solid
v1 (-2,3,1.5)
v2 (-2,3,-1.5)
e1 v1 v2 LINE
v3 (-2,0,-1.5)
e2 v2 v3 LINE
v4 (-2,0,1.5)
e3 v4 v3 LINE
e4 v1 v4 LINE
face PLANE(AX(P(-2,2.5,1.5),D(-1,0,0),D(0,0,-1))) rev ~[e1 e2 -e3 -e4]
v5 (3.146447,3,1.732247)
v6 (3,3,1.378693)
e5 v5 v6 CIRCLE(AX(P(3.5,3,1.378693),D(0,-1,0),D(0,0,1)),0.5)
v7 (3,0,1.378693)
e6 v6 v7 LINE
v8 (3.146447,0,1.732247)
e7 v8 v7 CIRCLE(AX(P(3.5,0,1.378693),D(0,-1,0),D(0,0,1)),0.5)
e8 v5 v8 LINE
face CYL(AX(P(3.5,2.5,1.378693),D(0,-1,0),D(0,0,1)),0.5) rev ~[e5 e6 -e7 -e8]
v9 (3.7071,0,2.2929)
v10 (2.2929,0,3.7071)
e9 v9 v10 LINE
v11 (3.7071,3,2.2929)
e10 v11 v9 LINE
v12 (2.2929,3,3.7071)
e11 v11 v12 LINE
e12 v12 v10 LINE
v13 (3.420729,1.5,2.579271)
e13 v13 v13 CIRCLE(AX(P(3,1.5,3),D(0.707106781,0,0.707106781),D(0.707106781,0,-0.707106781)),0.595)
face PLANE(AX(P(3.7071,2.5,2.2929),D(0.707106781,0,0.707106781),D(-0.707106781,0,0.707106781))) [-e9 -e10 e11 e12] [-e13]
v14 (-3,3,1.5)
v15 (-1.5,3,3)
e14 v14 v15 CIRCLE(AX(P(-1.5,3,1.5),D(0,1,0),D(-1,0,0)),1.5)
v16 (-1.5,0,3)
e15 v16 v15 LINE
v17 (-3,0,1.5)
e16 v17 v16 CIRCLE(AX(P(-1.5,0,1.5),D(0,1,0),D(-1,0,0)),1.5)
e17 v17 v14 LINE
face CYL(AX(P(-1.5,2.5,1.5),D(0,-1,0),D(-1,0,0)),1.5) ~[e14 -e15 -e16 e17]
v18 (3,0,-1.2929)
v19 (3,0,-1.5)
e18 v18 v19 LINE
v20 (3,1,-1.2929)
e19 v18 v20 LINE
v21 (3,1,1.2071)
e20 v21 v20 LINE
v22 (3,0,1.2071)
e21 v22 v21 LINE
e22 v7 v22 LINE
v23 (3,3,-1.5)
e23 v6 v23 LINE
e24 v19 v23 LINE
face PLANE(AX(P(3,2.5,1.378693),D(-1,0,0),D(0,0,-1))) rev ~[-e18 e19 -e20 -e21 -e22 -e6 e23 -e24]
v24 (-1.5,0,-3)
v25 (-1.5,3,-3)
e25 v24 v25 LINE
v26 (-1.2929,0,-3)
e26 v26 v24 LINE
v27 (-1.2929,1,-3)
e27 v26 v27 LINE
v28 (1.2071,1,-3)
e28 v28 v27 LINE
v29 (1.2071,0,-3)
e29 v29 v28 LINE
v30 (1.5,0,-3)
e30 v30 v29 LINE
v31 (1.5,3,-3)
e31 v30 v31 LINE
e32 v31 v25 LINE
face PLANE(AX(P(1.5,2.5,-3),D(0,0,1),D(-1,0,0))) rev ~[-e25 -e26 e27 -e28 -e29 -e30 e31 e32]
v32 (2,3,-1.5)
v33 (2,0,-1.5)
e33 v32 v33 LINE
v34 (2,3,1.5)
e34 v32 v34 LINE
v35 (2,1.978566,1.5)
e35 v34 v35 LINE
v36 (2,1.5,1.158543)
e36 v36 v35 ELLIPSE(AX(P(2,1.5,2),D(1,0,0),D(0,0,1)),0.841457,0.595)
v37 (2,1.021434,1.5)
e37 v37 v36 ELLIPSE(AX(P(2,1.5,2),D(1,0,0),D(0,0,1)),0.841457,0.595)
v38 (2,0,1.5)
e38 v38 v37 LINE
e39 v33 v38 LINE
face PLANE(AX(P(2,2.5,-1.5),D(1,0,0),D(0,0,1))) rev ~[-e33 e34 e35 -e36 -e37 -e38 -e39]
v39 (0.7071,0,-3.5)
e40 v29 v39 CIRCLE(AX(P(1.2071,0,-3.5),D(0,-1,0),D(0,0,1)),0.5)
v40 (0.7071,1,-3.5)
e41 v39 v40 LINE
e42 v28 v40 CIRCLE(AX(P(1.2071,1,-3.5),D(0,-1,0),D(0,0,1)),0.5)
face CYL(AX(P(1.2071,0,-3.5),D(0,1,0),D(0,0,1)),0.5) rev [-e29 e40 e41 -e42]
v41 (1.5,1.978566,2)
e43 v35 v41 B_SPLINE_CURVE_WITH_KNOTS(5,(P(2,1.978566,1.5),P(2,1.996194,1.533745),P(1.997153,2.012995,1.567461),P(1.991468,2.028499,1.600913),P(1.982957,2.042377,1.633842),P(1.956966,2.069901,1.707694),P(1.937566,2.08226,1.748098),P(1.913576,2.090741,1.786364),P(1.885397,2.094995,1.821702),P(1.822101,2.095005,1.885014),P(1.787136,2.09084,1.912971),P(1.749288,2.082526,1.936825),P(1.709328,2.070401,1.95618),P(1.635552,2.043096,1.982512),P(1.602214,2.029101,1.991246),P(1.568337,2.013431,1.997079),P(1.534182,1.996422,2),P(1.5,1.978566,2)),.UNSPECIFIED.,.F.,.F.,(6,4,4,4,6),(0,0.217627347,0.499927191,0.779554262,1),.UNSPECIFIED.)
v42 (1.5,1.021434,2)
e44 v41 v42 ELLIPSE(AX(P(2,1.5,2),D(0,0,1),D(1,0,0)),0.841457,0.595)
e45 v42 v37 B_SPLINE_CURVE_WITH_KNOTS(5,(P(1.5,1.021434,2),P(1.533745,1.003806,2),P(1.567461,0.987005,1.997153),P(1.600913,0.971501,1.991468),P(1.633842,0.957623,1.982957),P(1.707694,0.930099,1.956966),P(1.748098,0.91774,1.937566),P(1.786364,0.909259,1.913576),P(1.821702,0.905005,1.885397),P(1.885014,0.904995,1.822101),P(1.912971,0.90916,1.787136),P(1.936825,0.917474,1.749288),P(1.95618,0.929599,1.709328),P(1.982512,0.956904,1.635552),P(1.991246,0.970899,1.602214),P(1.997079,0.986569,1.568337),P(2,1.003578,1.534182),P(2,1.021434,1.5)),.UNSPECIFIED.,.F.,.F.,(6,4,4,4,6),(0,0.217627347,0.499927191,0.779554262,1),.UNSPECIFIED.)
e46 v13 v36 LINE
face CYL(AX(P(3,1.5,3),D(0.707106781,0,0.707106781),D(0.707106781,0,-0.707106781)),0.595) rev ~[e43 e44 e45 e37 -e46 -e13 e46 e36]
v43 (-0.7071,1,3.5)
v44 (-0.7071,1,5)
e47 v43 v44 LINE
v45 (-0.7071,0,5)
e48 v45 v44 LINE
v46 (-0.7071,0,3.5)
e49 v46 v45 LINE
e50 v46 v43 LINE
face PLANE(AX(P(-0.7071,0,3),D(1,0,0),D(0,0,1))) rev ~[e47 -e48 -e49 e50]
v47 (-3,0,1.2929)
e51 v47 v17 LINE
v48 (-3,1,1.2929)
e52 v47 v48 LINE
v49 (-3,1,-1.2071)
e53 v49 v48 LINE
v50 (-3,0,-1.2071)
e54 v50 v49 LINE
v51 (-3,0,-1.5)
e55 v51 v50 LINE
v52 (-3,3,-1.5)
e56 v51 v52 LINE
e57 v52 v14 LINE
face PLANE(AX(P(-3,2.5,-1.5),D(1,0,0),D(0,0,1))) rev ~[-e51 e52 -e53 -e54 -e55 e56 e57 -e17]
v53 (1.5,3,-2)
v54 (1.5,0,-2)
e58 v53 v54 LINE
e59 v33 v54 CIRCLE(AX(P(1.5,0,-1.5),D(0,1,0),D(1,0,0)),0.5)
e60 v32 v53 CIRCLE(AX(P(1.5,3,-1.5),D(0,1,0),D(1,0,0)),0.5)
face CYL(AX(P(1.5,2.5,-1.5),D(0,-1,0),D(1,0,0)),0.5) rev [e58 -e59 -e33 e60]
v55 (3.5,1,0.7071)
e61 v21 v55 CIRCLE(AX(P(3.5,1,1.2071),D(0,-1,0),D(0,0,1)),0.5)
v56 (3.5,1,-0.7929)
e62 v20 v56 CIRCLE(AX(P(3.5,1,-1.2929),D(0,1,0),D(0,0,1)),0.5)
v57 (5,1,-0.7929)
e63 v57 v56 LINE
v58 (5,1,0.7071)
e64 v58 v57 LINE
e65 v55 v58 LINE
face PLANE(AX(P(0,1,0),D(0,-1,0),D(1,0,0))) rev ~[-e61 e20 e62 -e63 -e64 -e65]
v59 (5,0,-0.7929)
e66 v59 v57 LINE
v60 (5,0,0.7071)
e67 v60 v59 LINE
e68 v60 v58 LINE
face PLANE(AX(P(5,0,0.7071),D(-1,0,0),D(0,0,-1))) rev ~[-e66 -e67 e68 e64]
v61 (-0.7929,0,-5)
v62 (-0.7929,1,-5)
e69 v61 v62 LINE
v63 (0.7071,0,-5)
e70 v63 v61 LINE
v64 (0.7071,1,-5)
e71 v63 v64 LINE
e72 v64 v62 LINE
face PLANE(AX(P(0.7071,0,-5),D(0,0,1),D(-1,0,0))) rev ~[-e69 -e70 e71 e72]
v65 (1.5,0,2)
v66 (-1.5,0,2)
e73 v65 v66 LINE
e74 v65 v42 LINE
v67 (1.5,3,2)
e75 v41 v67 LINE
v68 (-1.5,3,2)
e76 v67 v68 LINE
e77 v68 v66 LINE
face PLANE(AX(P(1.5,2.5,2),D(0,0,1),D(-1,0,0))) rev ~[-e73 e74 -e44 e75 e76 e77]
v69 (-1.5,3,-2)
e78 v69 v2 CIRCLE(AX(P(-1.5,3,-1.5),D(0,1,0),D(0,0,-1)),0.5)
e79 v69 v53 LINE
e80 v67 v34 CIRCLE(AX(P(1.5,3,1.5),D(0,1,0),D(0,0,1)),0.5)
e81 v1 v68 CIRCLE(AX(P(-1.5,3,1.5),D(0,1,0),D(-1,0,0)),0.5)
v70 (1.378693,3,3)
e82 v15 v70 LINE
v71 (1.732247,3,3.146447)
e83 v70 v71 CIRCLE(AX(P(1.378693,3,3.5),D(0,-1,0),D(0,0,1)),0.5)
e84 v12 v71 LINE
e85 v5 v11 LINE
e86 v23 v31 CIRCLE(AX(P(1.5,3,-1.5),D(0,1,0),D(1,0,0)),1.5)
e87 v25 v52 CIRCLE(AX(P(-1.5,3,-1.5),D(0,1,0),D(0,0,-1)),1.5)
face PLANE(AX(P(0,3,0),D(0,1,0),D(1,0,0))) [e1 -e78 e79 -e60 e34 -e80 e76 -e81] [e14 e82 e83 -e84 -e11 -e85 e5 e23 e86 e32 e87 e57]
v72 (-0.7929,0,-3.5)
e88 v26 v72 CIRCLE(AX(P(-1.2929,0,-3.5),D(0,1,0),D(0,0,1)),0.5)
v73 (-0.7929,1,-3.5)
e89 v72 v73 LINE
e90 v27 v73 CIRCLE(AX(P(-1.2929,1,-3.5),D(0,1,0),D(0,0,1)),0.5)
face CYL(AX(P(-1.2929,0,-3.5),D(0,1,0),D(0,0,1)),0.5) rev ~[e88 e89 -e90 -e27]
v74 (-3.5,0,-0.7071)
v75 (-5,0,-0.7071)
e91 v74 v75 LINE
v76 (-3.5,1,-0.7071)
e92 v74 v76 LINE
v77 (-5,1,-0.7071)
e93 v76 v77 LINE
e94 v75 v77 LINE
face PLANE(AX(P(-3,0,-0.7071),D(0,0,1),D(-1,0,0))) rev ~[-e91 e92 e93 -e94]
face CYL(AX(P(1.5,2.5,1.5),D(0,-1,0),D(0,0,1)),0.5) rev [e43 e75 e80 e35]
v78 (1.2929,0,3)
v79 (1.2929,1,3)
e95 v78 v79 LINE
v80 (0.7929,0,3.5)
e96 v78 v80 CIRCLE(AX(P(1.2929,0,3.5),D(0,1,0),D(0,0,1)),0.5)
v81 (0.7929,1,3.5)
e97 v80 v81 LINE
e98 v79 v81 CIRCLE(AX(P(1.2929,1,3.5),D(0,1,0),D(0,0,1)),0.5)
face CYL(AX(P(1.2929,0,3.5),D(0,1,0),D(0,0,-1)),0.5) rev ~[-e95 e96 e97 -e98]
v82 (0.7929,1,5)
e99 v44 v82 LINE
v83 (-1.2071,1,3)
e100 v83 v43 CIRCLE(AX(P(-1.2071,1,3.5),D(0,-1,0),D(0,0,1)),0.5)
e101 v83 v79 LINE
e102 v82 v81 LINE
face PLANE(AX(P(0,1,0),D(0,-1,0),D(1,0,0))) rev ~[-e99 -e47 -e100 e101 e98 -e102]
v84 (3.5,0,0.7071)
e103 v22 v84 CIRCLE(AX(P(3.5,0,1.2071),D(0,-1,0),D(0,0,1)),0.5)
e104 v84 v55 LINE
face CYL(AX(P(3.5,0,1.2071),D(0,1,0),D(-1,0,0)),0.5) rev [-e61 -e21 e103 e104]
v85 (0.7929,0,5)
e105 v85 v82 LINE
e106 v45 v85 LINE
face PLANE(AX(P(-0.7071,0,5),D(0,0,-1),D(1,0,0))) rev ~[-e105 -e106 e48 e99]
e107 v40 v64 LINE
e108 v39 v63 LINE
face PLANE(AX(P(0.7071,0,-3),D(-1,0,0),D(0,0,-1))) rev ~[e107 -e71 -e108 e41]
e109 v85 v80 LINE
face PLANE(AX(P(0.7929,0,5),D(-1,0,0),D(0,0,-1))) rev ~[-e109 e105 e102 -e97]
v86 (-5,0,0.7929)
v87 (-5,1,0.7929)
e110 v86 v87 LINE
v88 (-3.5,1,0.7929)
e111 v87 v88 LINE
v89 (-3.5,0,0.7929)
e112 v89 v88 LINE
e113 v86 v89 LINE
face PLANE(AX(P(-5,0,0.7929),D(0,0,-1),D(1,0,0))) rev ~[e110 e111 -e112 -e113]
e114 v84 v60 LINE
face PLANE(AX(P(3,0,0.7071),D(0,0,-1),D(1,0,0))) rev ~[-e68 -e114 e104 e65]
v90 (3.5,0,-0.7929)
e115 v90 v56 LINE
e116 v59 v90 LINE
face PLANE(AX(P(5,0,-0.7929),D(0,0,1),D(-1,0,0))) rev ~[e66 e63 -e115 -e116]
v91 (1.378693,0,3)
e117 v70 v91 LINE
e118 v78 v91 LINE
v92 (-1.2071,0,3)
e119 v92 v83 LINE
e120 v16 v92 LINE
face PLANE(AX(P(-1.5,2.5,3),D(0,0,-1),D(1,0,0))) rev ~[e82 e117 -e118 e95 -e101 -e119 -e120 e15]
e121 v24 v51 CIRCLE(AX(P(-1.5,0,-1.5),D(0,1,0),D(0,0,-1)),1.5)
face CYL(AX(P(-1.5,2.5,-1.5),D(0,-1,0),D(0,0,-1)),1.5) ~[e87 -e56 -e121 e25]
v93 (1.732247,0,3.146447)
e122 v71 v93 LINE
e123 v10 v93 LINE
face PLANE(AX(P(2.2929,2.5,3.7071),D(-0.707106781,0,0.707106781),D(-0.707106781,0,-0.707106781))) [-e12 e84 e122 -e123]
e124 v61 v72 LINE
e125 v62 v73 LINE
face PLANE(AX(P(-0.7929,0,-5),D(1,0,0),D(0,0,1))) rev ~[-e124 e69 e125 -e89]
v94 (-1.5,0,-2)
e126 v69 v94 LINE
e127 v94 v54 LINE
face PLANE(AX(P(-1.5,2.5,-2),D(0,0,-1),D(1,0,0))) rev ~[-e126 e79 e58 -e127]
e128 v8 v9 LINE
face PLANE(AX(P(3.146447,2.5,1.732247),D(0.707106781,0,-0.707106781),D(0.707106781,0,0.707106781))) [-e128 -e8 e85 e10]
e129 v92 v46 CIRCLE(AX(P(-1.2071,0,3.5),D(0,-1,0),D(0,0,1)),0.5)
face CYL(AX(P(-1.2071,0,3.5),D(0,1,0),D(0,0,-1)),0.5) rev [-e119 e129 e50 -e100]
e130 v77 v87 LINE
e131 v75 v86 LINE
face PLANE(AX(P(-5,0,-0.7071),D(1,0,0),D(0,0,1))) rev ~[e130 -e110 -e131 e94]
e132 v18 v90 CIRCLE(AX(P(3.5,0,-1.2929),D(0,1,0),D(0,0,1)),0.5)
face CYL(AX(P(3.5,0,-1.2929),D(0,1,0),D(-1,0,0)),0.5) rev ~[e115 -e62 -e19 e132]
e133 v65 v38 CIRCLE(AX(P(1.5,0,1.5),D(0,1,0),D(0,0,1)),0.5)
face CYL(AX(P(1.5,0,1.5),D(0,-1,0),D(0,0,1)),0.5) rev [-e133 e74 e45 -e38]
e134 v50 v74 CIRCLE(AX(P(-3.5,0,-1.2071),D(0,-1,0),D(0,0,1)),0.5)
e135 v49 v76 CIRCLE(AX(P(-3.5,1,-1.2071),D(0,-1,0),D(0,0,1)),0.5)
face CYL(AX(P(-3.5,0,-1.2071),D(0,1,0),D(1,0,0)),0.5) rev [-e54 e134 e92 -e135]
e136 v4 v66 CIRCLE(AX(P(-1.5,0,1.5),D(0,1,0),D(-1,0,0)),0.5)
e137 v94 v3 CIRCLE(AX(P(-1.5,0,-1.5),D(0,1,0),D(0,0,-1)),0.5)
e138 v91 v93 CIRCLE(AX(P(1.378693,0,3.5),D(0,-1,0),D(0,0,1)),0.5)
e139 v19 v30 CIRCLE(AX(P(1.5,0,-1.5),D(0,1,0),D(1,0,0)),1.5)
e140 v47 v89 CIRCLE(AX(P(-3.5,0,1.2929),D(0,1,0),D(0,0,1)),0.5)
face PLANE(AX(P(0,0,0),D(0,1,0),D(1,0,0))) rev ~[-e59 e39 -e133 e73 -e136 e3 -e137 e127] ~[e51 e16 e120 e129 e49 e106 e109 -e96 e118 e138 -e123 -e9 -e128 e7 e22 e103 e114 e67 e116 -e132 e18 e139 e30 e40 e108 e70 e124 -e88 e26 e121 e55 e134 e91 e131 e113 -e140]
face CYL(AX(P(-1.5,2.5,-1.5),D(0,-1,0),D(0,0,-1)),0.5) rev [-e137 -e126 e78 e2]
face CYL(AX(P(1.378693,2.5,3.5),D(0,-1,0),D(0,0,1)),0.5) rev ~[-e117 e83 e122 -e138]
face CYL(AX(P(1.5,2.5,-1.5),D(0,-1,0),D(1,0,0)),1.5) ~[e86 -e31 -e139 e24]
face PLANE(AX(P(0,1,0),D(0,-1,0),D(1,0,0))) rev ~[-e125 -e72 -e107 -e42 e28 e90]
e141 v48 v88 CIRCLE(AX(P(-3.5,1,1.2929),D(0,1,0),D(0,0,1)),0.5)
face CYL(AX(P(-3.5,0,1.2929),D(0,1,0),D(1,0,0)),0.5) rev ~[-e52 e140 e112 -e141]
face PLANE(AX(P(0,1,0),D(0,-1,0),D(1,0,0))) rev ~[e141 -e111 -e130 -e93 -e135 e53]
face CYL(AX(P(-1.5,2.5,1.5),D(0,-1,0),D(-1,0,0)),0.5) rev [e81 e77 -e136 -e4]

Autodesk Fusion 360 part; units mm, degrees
sketch "Sketch1" plane through (0, 0, 0) normal (0, 1, 0) x (1, 0, 0)
  line L0 (1.5, -2) -> (-1.5, -2)
  line L1 (-2, -1.5) -> (-2, 1.5)
  line L2 (-1.5, 2) -> (1.5, 2)
  line L3 (2, 1.5) -> (2, -1.5)
  line L4 (2, -2) -> (-2, 2) construction
  line L5 (-2, -2) -> (2, 2) construction
  line L6 (-1.5, -3) -> (1.5858, -3)
  line L7 (3, -1.5858) -> (3, 1.5)
  line L8 (1.5, 3) -> (-1.5, 3)
  line L9 (-3, 1.5) -> (-3, -1.5)
  line L10 (-3, -3) -> (3, 3) construction
  line L11 (3, -3) -> (-2.9939, 2.9939) construction
  arc A0 (-1.5, 2) -> (-2, 1.5) centre (-1.5, 1.5) ccw
  arc A1 (-2, -1.5) -> (-1.5, -2) centre (-1.5, -1.5) ccw
  arc A2 (1.5, -2) -> (2, -1.5) centre (1.5, -1.5) ccw
  arc A3 (2, 1.5) -> (1.5, 2) centre (1.5, 1.5) ccw
  arc A4 (-1.5, 3) -> (-3, 1.5) centre (-1.5, 1.5) ccw
  arc A5 (-3, -1.5) -> (-1.5, -3) centre (-1.5, -1.5) ccw
  arc A6 (3, 1.5) -> (1.5, 3) centre (1.5, 1.5) ccw
  line L12 (3.7071, -2.2929) -> (2.2929, -3.7071)
  line L13 (2.2929, -3.7071) -> (1.5858, -3)
  line L14 (3, -1.5858) -> (3.7071, -2.2929)
  dimension "d1" = 4
  dimension "d2" = 4
  dimension "d3" = 0.5
  dimension "d4" = 6
  dimension "d5" = 6
  dimension "d6" = 1.5
  dimension "d7" = 2
  dimension "d31" = 2
  dimension "d32" = 3
extrude "Extrude1" add sketch "Sketch1" along normal blind 2.5
sketch "Sketch2" plane through (3, 0, 3) normal (0.707107, 0, 0.707107) x (0.707107, 0, -0.707107)
  line L0 (-1, 0) -> (1, 0)
  line L1 (1, 0) -> (1, 2.5)
  line L2 (1, 2.5) -> (-1, 2.5)
  line L3 (-1, 2.5) -> (-1, 0)
  circle A0 centre (0, 1.5) radius 0.595
  dimension "d10" = 1.19
  dimension "d11" = 1.5
extrude "Extrude2" cut sketch "Sketch2" against normal blind 3.4 contours A0
sketch "Sketch4" plane through (0, 0, 0) normal (0, -1, 0) x (1, 0, 0)
  arc A0 (2, 1.5) -> (1.5, 2) centre (1.5, 1.5) ccw
  line L0 (2, 1.5) -> (2, -1.5)
  arc A1 (1.5, -2) -> (2, -1.5) centre (1.5, -1.5) ccw
  line L1 (1.5, -2) -> (-1.5, -2)
  arc A2 (-2, -1.5) -> (-1.5, -2) centre (-1.5, -1.5) ccw
  line L2 (-2, -1.5) -> (-2, 1.5)
  arc A3 (-1.5, 2) -> (-2, 1.5) centre (-1.5, 1.5) ccw
  line L3 (-1.5, 2) -> (1.5, 2)
  line L4 (3, 1.5858) -> (3.7071, 2.2929)
  line L5 (3.7071, 2.2929) -> (2.2929, 3.7071)
  line L6 (2.2929, 3.7071) -> (1.5858, 3)
  line L7 (1.5858, 3) -> (-1.5, 3)
  arc A4 (-1.5, 3) -> (-3, 1.5) centre (-1.5, 1.5) ccw
  line L8 (-3, 1.5) -> (-3, -1.5)
  arc A5 (-3, -1.5) -> (-1.5, -3) centre (-1.5, -1.5) ccw
  line L9 (-1.5, -3) -> (1.5, -3)
  arc A6 (1.5, -3) -> (3, -1.5) centre (1.5, -1.5) ccw
  line L10 (3, -1.5) -> (3, 1.5858)
  line L11 (-0.7071, 5) -> (0.7929, 5)
  line L12 (0.7929, 5) -> (0.7929, 3)
  line L13 (-0.7071, 3) -> (-0.7071, 5)
  line L14 (-0.7071, 5) -> (0.6239, 1.4506) construction
  line L15 (0.7929, 5) -> (-0.5381, 1.4506) construction
  line L16 (-5, -0.7071) -> (-1.4506, 0.6239) construction
  line L17 (-5, -0.7071) -> (-5, 0.7929)
  line L18 (-5, 0.7929) -> (-1.4506, -0.5381) construction
  line L19 (-3, -0.7071) -> (-5, -0.7071)
  line L20 (-5, 0.7929) -> (-3, 0.7929)
  line L21 (0.7071, -5) -> (-0.6239, -1.4506) construction
  line L22 (0.7071, -5) -> (-0.7929, -5)
  line L23 (-0.7929, -5) -> (0.5381, -1.4506) construction
  line L24 (0.7071, -3) -> (0.7071, -5)
  line L25 (-0.7929, -5) -> (-0.7929, -3)
  line L26 (5, 0.7071) -> (1.4506, -0.6239) construction
  line L27 (5, 0.7071) -> (5, -0.7929)
  line L28 (5, -0.7929) -> (1.4506, 0.5381) construction
  line L29 (3, 0.7071) -> (5, 0.7071)
  line L30 (5, -0.7929) -> (3, -0.7929)
  line L31 (0.0429, 3) -> (0.0429, 5) construction
  line L32 (0.6239, 1.4506) -> (-0.5381, 1.4506)
  point P0 (0.0429, 3)
  point P1 (-3, 0.0429)
  point P2 (-0.0429, -3)
  point P3 (3, -0.0429)
  dimension "d26" = 360
  dimension "d29" = 1.5
  dimension "d30" = 2
extrude "Extrude4" add sketch "Sketch4" against normal blind 1 contours L10 L27 L29 L30 | L7 L11 L12 L13 | L9 L22 L24 L25 | L8 L17 L19 L20
fillet "Fillet2" radius 0.5 8 edges at (3, 0.5, 0.7071) (0.7929, 0.5, 3) (3, 0.5, -0.7929) (0.7071, 0.5, -3) (-0.7929, 0.5, -3) (-3, 0.5, -0.7071) (-0.7071, 0.5, 3) (-3, 0.5, 0.7929)
fillet "Fillet3" radius 0.5 2 edges at (1.5858, 1.25, 3) (3, 1.25, 1.5858)
extrude "Extrude5" add 1 faces at (2.3333, 2.5, 0.4596) along direction (0, 1, 0) blind 0.5
